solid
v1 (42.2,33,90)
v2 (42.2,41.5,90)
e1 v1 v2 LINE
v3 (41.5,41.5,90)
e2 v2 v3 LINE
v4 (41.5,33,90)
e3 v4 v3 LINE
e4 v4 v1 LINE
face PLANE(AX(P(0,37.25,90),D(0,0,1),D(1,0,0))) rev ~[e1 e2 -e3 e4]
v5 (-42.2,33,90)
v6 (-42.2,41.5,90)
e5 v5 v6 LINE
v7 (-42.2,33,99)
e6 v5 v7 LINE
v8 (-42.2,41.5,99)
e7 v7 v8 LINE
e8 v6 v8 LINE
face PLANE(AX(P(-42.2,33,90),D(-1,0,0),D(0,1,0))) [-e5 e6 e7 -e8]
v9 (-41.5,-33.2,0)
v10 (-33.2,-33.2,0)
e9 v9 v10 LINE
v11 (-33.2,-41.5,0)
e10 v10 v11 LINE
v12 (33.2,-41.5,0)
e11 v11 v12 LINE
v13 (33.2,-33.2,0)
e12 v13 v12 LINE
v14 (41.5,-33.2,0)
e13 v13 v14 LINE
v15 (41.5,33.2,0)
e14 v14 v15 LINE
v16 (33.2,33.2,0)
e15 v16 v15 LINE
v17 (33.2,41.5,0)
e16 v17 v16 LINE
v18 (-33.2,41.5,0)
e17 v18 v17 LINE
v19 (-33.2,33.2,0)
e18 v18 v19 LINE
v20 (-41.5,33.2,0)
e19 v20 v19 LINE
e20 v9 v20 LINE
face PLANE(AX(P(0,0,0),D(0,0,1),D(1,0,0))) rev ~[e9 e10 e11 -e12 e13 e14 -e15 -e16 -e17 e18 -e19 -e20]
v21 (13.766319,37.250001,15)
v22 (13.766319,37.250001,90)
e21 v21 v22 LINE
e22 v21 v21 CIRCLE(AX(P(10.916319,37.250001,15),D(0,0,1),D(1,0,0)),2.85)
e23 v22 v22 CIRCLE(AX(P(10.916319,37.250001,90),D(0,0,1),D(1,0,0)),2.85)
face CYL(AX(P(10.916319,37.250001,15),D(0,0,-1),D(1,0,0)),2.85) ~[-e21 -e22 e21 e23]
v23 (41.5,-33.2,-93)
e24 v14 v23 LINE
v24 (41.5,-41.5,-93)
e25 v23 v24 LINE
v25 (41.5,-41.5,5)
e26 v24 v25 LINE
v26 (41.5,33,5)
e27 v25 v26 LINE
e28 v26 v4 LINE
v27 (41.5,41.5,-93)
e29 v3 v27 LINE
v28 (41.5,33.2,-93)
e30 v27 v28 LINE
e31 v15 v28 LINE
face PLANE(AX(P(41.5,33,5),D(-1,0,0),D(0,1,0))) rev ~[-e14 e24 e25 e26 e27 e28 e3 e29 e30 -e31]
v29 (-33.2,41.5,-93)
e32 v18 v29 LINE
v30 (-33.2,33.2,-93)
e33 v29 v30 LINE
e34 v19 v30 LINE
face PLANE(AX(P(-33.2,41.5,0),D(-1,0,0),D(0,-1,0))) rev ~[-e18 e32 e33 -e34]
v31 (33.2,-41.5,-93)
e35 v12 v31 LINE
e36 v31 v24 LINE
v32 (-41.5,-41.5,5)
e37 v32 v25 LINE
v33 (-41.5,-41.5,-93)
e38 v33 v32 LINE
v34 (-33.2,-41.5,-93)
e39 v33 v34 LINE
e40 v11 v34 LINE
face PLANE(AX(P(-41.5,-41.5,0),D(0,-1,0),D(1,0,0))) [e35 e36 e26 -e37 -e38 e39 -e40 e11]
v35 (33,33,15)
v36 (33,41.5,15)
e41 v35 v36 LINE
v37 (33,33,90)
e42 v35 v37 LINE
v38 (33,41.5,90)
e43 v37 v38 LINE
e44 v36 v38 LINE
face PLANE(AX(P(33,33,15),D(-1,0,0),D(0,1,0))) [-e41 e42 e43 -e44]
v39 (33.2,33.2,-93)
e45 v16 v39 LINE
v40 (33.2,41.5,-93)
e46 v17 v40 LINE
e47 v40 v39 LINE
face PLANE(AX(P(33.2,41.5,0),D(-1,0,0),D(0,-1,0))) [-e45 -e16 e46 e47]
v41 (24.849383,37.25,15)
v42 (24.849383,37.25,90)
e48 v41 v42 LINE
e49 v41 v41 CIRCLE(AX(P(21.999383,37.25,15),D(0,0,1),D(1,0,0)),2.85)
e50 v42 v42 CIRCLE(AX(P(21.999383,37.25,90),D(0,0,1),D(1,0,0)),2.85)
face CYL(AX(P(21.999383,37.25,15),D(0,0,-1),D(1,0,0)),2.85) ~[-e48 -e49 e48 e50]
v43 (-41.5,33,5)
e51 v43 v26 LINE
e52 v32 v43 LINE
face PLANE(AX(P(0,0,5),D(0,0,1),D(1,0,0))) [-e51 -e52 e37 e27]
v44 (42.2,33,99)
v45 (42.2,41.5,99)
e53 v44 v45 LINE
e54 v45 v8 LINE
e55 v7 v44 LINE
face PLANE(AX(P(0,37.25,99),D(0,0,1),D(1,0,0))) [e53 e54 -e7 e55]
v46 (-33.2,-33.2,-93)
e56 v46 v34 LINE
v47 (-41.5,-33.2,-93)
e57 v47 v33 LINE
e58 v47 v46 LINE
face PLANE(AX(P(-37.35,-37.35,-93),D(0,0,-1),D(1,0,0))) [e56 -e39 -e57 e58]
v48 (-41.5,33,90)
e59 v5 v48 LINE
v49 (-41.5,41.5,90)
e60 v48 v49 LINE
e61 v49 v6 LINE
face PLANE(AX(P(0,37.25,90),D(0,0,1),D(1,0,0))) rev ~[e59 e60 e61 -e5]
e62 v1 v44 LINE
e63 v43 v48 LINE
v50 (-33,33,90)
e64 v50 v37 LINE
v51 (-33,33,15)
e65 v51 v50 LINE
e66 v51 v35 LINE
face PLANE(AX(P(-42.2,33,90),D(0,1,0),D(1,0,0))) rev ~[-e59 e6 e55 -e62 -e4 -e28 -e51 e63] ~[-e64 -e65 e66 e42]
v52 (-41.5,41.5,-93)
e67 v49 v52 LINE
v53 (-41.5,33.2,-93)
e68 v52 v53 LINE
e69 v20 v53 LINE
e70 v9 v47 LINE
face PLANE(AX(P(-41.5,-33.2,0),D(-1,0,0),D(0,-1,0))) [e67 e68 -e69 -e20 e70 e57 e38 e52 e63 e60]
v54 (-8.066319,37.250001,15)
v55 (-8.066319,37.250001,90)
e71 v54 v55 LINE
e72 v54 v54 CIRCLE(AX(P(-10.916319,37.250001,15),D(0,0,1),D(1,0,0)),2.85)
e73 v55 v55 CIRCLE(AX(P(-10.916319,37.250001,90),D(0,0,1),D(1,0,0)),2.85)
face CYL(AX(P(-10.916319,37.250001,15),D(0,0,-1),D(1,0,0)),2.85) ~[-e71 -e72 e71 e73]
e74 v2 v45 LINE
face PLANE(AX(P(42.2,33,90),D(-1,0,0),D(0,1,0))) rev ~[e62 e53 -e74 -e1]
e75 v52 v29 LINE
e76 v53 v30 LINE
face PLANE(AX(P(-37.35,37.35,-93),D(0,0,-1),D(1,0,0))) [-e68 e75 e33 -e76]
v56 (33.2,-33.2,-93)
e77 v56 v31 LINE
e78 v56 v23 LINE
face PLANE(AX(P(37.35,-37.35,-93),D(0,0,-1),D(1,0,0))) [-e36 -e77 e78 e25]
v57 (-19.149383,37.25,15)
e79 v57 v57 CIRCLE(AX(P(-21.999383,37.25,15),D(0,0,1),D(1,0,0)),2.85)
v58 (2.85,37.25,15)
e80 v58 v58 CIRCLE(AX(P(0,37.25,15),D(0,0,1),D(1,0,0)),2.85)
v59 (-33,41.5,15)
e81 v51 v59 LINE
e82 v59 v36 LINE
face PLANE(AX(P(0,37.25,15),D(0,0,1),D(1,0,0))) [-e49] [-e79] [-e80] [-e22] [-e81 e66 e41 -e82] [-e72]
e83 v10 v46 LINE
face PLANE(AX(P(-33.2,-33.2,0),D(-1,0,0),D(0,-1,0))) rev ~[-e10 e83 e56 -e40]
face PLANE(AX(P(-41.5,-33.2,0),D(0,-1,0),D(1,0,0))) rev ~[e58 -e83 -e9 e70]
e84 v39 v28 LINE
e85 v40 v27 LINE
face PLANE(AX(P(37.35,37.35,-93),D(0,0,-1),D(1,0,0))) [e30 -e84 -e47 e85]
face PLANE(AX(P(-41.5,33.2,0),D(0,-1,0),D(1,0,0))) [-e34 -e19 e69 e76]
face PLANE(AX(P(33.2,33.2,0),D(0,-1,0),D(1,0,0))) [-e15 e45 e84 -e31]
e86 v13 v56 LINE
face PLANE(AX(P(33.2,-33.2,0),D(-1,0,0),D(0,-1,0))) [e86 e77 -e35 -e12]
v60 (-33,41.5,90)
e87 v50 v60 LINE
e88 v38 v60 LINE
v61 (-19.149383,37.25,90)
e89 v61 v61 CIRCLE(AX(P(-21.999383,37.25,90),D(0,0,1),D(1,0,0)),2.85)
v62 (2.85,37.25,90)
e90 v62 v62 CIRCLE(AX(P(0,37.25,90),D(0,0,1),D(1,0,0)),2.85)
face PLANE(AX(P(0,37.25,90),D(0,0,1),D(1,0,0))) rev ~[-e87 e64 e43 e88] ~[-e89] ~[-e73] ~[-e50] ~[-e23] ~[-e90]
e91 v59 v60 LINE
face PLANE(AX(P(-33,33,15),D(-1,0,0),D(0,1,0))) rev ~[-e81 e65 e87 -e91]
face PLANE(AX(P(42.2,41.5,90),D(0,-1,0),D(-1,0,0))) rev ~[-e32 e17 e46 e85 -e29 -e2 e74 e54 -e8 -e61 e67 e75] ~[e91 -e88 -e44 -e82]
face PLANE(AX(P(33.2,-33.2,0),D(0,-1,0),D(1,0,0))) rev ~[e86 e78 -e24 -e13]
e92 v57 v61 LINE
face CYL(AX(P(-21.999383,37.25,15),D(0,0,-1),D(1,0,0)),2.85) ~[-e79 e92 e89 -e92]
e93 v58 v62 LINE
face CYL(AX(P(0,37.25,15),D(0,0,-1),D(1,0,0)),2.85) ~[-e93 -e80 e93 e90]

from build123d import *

# Parameters (mm, degrees)
F0_W      = 83
F0_H      = 83
F1_DEPTH  = 5
F2_W      = 83
F2_H      = 8.5
F3_DEPTH  = 10
F4_W      = 8.5
F4_H      = 8.5
F5_DEPTH  = 75
F6_R      = 2.85
F7_DEPTH  = 75
F8_W      = 83
F8_H      = 8.5
F8_R      = 2.85
F8_W_2    = 0.7
F9_DEPTH  = 9
F10_W     = 8.3
F10_H     = 8.3
F11_DEPTH = 93


with BuildPart() as f1:
    # F0 (on Top) → F1 (new body)
    with BuildSketch(Plane.XY):
        Rectangle(F0_W, F0_H)
    extrude(amount=F1_DEPTH)

    # F2 (on face) → F3 (join)
    with BuildSketch(Plane.XY.offset(5)):
        with Locations((0, 37.25)):
            Rectangle(F2_W, F2_H)
    extrude(amount=F3_DEPTH)

    # F4 (on face) → F5 (join)
    with BuildSketch(Plane.XY.offset(15)):
        with Locations((-37.25, 37.25)):
            Rectangle(F4_W, F4_H)
        with Locations((37.25, 37.25)):
            Rectangle(F4_W, F4_H)
    extrude(amount=F5_DEPTH)

    # F6 (on face) → F7 (join)
    with BuildSketch(Plane.XY.offset(15)):
        with Locations((-21.999383, 37.25)):
            Circle(F6_R)
        with Locations((-10.916319, 37.250001)):
            Circle(F6_R)
        with Locations((0, 37.25)):
            Circle(F6_R)
        with Locations((10.916319, 37.250001)):
            Circle(F6_R)
        with Locations((21.999383, 37.25)):
            Circle(F6_R)
    extrude(amount=F7_DEPTH)

    # F8 (on face) → F9 (join)
    with BuildSketch(Plane.XY.offset(90)):
        with Locations((0, 37.25)):
            Rectangle(F8_W, F8_H)
        with Locations((0, 37.25)):
            Circle(F8_R, mode=Mode.SUBTRACT)
        with Locations((0, 37.25)):
            Circle(F8_R)
        with Locations((-41.85, 37.25)):
            Rectangle(F8_W_2, F8_H)
        with Locations((41.85, 37.25)):
            Rectangle(F8_W_2, F8_H)
    extrude(amount=F9_DEPTH)

    # F10 (on face) → F11 (join)
    with BuildSketch(Plane(origin=(0, 0, 0), x_dir=(1, 0, 0), z_dir=(0, 0, -1))):
        with Locations((-37.35, 37.35)):
            Rectangle(F10_W, F10_H)
        with Locations((37.35, 37.35)):
            Rectangle(F10_W, F10_H)
        with Locations((-37.35, -37.35)):
            Rectangle(F10_W, F10_H)
        with Locations((37.35, -37.35)):
            Rectangle(F10_W, F10_H)
    extrude(amount=F11_DEPTH)


solid = f1.part
